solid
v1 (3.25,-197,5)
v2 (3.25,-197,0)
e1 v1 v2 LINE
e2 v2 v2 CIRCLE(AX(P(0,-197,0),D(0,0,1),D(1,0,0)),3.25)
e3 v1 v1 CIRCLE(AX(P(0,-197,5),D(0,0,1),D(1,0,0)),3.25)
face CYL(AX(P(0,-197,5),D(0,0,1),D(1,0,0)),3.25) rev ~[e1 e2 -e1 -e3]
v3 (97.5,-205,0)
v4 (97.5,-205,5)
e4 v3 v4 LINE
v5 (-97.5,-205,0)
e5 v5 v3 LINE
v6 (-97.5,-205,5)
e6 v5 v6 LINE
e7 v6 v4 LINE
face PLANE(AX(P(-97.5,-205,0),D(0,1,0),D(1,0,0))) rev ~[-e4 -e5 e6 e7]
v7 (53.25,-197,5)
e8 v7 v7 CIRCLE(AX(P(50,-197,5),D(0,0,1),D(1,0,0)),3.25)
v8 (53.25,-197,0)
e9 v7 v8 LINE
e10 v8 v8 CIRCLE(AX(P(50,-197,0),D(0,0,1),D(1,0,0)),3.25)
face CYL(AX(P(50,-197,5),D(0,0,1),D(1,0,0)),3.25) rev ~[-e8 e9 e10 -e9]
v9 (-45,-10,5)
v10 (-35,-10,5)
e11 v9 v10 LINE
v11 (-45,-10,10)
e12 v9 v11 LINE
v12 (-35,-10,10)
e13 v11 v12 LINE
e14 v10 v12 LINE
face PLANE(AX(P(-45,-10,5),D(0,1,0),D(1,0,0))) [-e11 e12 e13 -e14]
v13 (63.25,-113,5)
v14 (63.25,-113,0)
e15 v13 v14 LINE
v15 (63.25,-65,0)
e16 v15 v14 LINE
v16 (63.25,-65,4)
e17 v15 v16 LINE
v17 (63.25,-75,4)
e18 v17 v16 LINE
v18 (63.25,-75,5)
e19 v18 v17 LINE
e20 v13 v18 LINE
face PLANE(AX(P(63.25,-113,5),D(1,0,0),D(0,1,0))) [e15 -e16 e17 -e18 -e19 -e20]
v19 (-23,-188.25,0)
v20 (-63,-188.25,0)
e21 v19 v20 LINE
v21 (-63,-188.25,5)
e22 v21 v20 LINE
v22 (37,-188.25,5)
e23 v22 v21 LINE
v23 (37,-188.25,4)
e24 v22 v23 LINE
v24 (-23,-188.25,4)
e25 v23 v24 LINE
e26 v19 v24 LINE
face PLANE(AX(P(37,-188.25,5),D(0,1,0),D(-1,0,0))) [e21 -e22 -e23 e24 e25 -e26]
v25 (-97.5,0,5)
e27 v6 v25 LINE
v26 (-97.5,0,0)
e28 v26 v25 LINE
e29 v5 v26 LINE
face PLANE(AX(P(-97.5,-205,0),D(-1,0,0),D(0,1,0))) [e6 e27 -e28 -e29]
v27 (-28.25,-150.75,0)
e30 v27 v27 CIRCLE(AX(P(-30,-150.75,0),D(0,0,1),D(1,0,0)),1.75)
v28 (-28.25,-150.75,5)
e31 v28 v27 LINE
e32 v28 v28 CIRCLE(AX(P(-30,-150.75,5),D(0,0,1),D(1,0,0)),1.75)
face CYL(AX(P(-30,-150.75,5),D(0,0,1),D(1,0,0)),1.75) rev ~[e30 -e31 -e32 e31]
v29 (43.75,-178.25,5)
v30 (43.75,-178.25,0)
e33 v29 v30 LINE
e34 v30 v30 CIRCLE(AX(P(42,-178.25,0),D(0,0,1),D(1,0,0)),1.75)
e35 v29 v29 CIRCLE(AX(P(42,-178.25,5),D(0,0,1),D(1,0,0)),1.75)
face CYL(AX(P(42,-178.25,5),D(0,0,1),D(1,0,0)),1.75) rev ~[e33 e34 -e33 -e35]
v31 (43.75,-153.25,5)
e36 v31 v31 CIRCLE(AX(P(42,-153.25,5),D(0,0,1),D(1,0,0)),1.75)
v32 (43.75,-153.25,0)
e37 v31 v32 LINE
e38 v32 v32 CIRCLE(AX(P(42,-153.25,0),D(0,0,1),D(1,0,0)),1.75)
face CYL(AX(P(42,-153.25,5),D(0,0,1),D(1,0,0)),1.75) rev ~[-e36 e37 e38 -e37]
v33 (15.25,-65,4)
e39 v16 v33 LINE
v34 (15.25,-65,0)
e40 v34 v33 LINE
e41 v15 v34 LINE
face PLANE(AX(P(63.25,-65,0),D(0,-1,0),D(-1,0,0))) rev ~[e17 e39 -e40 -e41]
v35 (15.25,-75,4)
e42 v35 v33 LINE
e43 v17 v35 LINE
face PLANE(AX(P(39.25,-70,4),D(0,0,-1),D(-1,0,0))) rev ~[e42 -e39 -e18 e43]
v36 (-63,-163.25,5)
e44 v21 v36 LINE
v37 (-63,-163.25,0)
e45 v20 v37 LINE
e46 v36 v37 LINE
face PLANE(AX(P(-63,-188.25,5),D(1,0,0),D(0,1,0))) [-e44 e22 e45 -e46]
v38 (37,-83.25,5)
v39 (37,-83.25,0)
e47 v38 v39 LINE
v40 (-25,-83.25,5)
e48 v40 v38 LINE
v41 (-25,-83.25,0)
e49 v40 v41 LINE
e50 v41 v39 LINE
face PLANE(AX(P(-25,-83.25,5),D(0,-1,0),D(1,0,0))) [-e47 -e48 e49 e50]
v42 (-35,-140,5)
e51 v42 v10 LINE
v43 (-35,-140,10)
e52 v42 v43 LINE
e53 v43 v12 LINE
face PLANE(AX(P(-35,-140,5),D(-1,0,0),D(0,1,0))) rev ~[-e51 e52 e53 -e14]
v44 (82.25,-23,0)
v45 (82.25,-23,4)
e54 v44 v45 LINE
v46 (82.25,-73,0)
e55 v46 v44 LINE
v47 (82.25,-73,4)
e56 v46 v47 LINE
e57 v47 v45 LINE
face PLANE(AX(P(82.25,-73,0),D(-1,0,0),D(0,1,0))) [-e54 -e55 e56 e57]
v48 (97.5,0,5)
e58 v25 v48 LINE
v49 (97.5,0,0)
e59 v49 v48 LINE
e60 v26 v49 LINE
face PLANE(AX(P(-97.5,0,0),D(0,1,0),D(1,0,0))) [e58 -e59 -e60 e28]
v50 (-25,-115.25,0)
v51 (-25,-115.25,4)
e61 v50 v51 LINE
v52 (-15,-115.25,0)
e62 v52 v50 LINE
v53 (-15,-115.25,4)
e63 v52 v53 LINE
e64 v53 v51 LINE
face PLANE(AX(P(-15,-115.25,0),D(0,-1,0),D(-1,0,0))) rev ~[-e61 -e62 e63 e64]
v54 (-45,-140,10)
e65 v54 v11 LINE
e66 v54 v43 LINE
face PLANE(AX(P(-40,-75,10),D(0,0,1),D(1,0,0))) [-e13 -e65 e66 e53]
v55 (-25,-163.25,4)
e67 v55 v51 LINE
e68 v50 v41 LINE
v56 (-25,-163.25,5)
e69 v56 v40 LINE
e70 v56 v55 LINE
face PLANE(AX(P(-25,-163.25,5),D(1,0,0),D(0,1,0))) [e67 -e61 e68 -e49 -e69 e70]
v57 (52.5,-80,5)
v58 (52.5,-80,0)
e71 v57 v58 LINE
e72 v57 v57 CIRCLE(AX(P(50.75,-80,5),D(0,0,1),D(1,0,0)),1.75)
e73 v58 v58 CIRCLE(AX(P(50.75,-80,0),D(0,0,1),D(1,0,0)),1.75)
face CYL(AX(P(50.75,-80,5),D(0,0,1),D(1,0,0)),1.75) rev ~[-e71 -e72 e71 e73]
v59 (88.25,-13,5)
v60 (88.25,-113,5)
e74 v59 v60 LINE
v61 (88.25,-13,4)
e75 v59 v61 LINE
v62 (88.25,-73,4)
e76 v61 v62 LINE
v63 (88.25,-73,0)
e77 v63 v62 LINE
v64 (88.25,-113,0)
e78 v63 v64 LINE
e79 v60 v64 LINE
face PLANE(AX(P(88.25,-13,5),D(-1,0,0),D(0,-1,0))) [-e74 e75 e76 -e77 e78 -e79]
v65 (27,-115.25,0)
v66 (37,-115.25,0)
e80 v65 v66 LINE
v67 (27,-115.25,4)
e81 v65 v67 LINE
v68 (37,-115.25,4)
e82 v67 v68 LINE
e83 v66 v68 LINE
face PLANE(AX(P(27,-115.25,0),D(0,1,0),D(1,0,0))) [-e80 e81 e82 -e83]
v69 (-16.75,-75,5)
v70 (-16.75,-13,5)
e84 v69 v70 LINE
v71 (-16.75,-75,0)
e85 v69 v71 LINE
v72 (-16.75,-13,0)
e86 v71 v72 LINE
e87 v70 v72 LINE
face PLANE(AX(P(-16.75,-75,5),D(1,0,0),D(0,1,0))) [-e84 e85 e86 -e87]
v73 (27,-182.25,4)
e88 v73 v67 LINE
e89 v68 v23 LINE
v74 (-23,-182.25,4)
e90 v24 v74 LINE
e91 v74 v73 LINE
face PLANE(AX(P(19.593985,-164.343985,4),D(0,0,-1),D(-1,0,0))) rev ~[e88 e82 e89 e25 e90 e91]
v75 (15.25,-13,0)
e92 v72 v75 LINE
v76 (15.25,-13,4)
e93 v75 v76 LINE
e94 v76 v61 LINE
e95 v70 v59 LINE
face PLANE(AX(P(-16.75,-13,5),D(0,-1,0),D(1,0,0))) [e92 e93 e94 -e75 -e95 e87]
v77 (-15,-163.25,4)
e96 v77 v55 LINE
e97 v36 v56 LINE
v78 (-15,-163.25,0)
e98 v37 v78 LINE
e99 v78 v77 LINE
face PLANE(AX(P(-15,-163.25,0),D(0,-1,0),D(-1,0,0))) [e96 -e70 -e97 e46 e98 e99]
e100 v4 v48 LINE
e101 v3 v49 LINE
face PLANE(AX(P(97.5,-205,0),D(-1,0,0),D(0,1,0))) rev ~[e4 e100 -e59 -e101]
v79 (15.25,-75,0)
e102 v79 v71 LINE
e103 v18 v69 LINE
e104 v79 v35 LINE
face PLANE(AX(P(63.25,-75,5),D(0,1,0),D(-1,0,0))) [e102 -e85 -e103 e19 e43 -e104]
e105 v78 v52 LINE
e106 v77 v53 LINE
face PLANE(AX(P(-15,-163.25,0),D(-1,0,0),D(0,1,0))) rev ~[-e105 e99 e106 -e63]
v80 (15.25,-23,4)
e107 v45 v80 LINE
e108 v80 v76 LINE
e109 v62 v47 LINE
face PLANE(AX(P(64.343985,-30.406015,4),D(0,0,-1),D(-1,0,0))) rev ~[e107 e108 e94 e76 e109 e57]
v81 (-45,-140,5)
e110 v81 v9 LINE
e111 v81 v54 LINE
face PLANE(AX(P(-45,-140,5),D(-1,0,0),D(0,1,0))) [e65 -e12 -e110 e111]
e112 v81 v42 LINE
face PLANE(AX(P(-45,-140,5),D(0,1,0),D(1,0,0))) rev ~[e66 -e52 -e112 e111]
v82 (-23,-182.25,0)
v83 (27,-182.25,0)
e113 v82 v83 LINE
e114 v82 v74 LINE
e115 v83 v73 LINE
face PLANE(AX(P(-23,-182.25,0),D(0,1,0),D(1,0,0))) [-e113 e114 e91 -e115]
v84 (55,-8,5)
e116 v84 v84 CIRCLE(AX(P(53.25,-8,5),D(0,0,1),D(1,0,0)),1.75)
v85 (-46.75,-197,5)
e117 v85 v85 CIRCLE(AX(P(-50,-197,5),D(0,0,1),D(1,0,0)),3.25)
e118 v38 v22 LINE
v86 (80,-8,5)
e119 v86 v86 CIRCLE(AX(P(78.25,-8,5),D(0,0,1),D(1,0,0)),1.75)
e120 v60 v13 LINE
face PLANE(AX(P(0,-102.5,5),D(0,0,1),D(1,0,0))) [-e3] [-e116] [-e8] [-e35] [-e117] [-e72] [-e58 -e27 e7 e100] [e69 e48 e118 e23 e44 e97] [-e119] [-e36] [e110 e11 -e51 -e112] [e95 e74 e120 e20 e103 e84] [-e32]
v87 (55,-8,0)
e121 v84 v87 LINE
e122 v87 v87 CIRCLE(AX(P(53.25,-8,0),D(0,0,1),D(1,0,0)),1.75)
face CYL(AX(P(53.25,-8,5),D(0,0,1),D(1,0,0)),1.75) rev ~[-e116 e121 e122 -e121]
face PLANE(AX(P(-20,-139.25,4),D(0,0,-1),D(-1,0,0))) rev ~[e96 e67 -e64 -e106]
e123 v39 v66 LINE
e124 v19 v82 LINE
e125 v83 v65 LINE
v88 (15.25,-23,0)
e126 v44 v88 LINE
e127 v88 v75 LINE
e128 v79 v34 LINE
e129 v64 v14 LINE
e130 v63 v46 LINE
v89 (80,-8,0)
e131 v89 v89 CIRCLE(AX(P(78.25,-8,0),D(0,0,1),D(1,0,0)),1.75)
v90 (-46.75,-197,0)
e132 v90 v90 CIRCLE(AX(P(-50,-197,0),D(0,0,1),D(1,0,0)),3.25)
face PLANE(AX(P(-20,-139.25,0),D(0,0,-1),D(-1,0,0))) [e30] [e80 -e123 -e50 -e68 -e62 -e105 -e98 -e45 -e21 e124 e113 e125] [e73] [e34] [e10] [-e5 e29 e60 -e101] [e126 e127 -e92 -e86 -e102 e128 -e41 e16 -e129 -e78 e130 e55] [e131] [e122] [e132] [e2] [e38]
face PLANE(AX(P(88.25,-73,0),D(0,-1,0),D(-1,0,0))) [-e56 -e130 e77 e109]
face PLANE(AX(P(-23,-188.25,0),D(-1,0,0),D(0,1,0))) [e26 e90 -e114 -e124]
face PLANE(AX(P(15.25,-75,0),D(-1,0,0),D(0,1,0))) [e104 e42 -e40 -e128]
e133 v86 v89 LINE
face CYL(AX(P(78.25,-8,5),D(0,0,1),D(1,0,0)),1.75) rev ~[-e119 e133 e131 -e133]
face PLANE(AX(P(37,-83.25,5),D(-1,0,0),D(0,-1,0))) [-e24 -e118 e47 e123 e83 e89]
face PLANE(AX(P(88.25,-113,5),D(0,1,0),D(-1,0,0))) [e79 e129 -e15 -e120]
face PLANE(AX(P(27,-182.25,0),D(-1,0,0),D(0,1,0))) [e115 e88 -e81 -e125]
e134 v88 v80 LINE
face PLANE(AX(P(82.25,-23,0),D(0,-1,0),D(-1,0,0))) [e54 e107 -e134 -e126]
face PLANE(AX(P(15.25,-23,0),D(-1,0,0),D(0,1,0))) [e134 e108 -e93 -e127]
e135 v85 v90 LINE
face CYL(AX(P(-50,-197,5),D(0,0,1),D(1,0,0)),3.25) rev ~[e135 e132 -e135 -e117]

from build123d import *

# Parameters (mm, degrees)
SKETCH1_W            = 195
SKETCH1_H            = 205
BOSS_EXTRUDE1_DEPTH  = 5
CUT_EXTRUDE2_DEPTH   = 228.060014093
SKETCH6_W            = 10
SKETCH6_H            = 48
SKETCH6_W_2          = 48
SKETCH6_H_2          = 10
BOSS_EXTRUDE3_DEPTH  = 4
SKETCH11_R           = 1.75
RETAINER_HOLES_DEPTH = 228.060014093
SKETCH14_R           = 3.25
HANDLE_MOUNT_DEPTH   = 228.060014093
SKETCH12_W           = 10
SKETCH12_H           = 130
RIBS_DEPTH           = 5


with BuildPart() as part:
    # Sketch1 → Boss-Extrude1 (new body)
    with BuildSketch(Plane.XY):
        with Locations((0, -102.5)):
            Rectangle(SKETCH1_W, SKETCH1_H)
    extrude(amount=BOSS_EXTRUDE1_DEPTH)

    # Sketch5 → Cut-Extrude2 (cut, through all)
    with BuildSketch(Plane.XY.offset(5)):
        Polygon((-25, -83.25), (37, -83.25), (37, -188.25), (-63, -188.25), (-63, -163.25), (-25, -163.25), align=None)
        Polygon((88.25, -113), (63.25, -113), (63.25, -75), (-16.75, -75), (-16.75, -13), (88.25, -13), align=None)
    extrude(amount=-CUT_EXTRUDE2_DEPTH, mode=Mode.SUBTRACT)

    # Sketch6 → Boss-Extrude3 (add)
    with BuildSketch(Plane(origin=(0, 0, 0), x_dir=(-1, 0, 0), z_dir=(0, 0, -1))):
        with Locations((20, -139.25)):
            Rectangle(SKETCH6_W, SKETCH6_H)
        Polygon((23, -188.25), (23, -182.25), (-27, -182.25), (-27, -115.25), (-37, -115.25), (-37, -188.25), align=None)
        Polygon((-88.25, -73), (-82.25, -73), (-82.25, -23), (-15.25, -23), (-15.25, -13), (-88.25, -13), align=None)
        with Locations((-39.25, -70)):
            Rectangle(SKETCH6_W_2, SKETCH6_H_2)
    extrude(amount=-BOSS_EXTRUDE3_DEPTH)

    # Sketch11 → Retainer Holes (cut, through all)
    with BuildSketch(Plane.XY.offset(5)):
        with Locations((42, -153.25)):
            Circle(SKETCH11_R)
        with Locations((42, -178.25)):
            Circle(SKETCH11_R)
        with Locations((-30, -150.75)):
            Circle(SKETCH11_R)
        with Locations((50.75, -80)):
            Circle(SKETCH11_R)
        with Locations((53.25, -8)):
            Circle(SKETCH11_R)
        with Locations((78.25, -8)):
            Circle(SKETCH11_R)
    extrude(amount=-RETAINER_HOLES_DEPTH, mode=Mode.SUBTRACT)

    # Sketch14 → Handle Mount (cut, through all)
    with BuildSketch(Plane.XY.offset(5)):
        with Locations((-50, -197)):
            Circle(SKETCH14_R)
        with Locations((50, -197)):
            Circle(SKETCH14_R)
        with Locations((0, -197)):
            Circle(SKETCH14_R)
    extrude(amount=-HANDLE_MOUNT_DEPTH, mode=Mode.SUBTRACT)

    # Sketch12 → Ribs (add)
    with BuildSketch(Plane.XY.offset(5)):
        with Locations((-40, -75)):
            Rectangle(SKETCH12_W, SKETCH12_H)
    extrude(amount=RIBS_DEPTH)


solid = part.part
